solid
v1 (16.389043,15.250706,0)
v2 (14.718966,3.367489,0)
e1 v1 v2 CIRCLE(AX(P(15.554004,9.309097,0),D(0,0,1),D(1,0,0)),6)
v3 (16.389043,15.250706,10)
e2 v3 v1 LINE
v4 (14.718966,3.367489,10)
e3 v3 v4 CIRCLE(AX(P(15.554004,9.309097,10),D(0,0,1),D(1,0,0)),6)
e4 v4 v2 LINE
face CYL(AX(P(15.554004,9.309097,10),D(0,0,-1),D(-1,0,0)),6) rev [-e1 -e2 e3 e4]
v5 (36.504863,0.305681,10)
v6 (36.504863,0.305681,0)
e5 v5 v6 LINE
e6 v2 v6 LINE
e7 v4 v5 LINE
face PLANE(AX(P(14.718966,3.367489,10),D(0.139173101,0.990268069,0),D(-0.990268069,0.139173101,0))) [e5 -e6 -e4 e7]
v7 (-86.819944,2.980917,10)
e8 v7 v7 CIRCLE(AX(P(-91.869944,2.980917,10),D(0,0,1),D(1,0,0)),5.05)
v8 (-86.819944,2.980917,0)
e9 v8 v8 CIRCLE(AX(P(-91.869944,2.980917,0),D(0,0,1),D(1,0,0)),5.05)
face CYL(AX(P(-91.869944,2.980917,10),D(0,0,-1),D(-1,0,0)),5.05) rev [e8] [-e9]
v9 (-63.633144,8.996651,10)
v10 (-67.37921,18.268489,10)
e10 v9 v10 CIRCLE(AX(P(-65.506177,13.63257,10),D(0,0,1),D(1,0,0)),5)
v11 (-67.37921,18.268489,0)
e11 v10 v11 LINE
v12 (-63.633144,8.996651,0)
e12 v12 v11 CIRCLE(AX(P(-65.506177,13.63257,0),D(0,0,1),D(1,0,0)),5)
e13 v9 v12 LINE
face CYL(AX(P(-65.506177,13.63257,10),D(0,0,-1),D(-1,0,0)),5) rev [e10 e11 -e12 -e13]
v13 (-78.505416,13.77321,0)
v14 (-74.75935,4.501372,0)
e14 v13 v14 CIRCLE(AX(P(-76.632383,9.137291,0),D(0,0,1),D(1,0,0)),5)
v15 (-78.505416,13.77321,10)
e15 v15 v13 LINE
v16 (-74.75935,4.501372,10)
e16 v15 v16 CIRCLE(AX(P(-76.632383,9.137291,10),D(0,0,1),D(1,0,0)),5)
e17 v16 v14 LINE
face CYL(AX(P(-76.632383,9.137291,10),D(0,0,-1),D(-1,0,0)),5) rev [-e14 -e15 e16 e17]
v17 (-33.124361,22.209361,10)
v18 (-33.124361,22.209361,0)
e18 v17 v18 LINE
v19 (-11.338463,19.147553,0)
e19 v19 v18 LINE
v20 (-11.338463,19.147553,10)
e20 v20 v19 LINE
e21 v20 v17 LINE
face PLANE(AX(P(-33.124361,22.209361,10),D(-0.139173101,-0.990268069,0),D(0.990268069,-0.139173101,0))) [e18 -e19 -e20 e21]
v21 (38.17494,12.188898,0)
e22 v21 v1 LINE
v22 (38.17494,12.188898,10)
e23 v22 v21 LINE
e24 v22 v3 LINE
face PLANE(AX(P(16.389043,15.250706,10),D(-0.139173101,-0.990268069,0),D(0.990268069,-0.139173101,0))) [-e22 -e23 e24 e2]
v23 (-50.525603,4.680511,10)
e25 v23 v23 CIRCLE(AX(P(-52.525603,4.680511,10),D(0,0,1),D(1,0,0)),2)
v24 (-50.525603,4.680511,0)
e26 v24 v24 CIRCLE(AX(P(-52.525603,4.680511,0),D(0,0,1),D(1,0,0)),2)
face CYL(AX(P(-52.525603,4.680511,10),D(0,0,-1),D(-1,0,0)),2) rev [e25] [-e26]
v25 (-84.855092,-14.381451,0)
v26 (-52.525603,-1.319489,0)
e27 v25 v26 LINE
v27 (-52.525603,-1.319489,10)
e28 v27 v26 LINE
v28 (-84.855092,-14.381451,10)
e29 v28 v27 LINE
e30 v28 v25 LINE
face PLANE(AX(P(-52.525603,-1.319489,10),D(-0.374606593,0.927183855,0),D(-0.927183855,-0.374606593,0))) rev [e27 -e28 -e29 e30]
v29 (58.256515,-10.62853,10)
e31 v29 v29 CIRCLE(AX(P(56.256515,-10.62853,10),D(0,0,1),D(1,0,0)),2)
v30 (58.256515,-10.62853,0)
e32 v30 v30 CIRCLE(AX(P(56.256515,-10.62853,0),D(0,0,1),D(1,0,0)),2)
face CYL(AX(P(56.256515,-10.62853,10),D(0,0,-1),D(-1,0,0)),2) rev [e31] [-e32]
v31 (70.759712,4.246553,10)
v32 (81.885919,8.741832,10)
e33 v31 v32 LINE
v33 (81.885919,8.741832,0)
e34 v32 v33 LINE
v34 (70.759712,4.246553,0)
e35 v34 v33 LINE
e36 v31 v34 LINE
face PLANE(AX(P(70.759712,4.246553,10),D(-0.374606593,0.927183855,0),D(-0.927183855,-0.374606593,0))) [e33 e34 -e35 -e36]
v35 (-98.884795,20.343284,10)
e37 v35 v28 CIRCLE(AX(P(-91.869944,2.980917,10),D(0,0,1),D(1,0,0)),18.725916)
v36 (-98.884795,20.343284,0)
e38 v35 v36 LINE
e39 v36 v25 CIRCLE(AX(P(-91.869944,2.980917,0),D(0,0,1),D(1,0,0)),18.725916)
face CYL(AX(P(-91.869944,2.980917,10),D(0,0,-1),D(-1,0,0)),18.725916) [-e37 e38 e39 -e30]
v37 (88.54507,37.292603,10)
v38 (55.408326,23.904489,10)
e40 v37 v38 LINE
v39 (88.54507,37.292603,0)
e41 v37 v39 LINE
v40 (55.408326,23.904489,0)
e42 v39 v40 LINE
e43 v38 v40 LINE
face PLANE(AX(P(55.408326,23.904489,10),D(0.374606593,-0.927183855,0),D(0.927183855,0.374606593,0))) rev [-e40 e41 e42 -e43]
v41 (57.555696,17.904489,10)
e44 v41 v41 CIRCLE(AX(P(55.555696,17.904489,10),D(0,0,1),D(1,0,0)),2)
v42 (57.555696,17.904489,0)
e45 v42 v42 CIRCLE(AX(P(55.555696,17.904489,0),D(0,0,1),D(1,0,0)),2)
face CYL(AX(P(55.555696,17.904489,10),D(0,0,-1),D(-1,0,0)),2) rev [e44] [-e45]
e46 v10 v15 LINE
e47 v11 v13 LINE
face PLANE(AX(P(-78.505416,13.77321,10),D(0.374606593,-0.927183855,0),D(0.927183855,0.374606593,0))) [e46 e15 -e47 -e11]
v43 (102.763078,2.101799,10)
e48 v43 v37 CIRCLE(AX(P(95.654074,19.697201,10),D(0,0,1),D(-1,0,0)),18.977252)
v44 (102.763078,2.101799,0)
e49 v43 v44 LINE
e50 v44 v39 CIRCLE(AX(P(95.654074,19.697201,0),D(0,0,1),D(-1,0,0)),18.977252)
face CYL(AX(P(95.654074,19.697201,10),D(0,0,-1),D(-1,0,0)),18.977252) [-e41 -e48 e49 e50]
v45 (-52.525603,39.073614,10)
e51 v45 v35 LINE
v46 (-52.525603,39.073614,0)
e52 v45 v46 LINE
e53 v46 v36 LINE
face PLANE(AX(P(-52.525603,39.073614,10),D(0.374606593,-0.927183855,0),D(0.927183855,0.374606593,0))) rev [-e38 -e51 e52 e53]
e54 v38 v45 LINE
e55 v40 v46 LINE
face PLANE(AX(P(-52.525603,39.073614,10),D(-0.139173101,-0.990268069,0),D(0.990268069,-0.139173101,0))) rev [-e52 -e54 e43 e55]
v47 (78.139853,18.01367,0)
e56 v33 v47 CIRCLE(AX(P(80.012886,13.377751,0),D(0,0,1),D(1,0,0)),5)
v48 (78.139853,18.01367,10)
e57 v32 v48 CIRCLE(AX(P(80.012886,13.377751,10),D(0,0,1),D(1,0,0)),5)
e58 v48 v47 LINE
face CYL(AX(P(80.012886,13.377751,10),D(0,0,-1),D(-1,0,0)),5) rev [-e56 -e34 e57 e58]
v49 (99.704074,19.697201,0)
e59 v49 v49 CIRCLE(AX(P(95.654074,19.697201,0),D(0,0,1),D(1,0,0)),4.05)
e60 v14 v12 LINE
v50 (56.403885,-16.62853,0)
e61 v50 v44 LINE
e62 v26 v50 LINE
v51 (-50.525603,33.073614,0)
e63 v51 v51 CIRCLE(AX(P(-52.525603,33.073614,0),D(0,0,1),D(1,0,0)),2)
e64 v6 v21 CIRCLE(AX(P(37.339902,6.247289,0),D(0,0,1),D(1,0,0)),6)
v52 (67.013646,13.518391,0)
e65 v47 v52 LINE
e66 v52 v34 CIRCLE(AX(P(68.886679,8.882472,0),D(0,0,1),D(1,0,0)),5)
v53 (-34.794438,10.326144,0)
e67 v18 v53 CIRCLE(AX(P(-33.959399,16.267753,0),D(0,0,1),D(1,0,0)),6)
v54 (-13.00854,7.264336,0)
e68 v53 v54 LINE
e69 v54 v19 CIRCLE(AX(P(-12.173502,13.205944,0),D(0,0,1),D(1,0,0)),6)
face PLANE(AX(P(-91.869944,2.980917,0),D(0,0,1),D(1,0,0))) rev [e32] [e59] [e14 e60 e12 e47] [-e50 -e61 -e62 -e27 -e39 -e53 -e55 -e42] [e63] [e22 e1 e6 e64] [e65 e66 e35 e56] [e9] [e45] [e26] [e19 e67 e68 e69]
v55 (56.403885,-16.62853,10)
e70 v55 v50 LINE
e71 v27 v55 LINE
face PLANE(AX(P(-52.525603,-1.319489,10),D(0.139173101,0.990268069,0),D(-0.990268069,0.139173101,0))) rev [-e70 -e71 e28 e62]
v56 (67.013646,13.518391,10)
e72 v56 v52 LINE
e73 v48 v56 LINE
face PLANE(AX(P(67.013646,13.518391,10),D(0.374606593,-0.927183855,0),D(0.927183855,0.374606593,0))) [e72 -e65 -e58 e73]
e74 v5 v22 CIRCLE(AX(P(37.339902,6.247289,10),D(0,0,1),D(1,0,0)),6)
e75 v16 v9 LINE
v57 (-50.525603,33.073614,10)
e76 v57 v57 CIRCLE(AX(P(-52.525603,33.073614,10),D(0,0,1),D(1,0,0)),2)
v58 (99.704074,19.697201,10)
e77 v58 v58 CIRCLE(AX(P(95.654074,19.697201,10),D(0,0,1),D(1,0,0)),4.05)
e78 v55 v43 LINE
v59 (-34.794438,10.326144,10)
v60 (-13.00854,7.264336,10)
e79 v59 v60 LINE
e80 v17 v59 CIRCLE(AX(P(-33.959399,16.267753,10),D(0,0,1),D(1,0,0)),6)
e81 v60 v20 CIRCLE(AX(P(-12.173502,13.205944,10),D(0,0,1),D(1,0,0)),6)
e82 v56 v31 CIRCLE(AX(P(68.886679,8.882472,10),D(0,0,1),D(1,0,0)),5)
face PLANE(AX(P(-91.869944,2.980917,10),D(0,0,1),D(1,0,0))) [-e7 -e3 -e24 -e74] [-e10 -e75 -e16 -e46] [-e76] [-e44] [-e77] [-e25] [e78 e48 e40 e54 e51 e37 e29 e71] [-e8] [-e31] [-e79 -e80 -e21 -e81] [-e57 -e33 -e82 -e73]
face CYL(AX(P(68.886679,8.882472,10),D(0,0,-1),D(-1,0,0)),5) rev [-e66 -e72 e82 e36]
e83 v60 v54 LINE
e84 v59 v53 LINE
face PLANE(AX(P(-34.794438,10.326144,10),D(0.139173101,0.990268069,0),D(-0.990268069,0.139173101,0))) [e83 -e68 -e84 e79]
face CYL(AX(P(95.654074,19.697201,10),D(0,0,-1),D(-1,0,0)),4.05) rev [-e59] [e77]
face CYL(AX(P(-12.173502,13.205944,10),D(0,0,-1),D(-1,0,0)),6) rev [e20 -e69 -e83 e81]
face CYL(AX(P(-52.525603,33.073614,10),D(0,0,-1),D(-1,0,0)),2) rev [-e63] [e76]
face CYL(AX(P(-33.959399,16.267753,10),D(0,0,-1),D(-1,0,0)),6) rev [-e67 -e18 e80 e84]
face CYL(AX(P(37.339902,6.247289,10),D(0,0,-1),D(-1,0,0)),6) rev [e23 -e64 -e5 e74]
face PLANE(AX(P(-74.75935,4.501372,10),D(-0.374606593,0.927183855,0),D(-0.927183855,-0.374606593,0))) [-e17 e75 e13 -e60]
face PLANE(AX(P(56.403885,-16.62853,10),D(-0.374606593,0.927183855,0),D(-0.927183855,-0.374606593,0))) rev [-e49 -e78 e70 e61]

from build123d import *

# Parameters (mm, degrees)
SKETCH2_R           = 5.05
SKETCH2_R_2         = 4.05
SKETCH2_R_3         = 2
BOSS_EXTRUDE1_DEPTH = 10


with BuildPart() as part:
    # Sketch2 → Boss-Extrude1 (new body)
    with BuildSketch(Plane.XY):
        with BuildLine():
            Line((-52.525602652, 39.073613719), (55.40832582, 23.904489319))
            Line((55.40832582, 23.904489319), (88.545070057, 37.292603029))
            ThreePointArc((88.545070057, 37.292603029), (113.24947567, 26.806204997), (102.763077638, 2.101799383))
            Line((102.763077638, 2.101799383), (56.40388491, -16.628530288))
            Line((56.40388491, -16.628530288), (-52.525602652, -1.319489182))
            Line((-52.525602652, -1.319489182), (-84.855091861, -14.38145069))
            ThreePointArc((-84.855091861, -14.38145069), (-109.23231099, -4.033935081), (-98.88479538, 20.343284048))
            Line((-98.88479538, 20.343284048), (-52.525602652, 39.073613719))
        make_face()
        with Locations((-91.869943621, 2.980916679)):
            Circle(SKETCH2_R, mode=Mode.SUBTRACT)
        with Locations((95.654073847, 19.697201206)):
            Circle(SKETCH2_R_2, mode=Mode.SUBTRACT)
        with Locations((-52.525602652, 33.073613719)):
            Circle(SKETCH2_R_3, mode=Mode.SUBTRACT)
        with Locations((55.555695905, 17.904489319)):
            Circle(SKETCH2_R_3, mode=Mode.SUBTRACT)
        with Locations((-52.525602652, 4.680510818)):
            Circle(SKETCH2_R_3, mode=Mode.SUBTRACT)
        with Locations((56.256514825, -10.628530288)):
            Circle(SKETCH2_R_3, mode=Mode.SUBTRACT)
        with BuildLine():
            Line((-33.124360513, 22.209360939), (-11.338463, 19.147552718))
            ThreePointArc((-11.338463, 19.147552718), (-6.231893194, 12.3709057), (-13.008540212, 7.264335893))
            Line((-13.008540212, 7.264335893), (-34.794437724, 10.326144114))
            ThreePointArc((-34.794437724, 10.326144114), (-39.901007531, 17.102791132), (-33.124360513, 22.209360939))
        make_face(mode=Mode.SUBTRACT)
        with BuildLine():
            Line((-78.505415838, 13.773210112), (-67.379209583, 18.268489233))
            ThreePointArc((-67.379209583, 18.268489233), (-60.870257343, 15.505602928), (-63.633143649, 8.996650688))
            Line((-63.633143649, 8.996650688), (-74.759349904, 4.501371567))
            ThreePointArc((-74.759349904, 4.501371567), (-81.268302144, 7.264257873), (-78.505415838, 13.773210112))
        make_face(mode=Mode.SUBTRACT)
        with BuildLine():
            Line((67.013646361, 13.518391096), (78.139852616, 18.013670217))
            ThreePointArc((78.139852616, 18.013670217), (84.648804856, 15.250783911), (81.88591855, 8.741831672))
            Line((81.88591855, 8.741831672), (70.759712296, 4.246552551))
            ThreePointArc((70.759712296, 4.246552551), (64.250760056, 7.009438856), (67.013646361, 13.518391096))
        make_face(mode=Mode.SUBTRACT)
        with BuildLine():
            Line((16.389042924, 15.250705891), (38.174940437, 12.18889767))
            ThreePointArc((38.174940437, 12.18889767), (43.281510244, 5.412250652), (36.504863225, 0.305680845))
            Line((36.504863225, 0.305680845), (14.718965713, 3.367489066))
            ThreePointArc((14.718965713, 3.367489066), (9.612395906, 10.144136084), (16.389042924, 15.250705891))
        make_face(mode=Mode.SUBTRACT)
    extrude(amount=BOSS_EXTRUDE1_DEPTH)


solid = part.part
